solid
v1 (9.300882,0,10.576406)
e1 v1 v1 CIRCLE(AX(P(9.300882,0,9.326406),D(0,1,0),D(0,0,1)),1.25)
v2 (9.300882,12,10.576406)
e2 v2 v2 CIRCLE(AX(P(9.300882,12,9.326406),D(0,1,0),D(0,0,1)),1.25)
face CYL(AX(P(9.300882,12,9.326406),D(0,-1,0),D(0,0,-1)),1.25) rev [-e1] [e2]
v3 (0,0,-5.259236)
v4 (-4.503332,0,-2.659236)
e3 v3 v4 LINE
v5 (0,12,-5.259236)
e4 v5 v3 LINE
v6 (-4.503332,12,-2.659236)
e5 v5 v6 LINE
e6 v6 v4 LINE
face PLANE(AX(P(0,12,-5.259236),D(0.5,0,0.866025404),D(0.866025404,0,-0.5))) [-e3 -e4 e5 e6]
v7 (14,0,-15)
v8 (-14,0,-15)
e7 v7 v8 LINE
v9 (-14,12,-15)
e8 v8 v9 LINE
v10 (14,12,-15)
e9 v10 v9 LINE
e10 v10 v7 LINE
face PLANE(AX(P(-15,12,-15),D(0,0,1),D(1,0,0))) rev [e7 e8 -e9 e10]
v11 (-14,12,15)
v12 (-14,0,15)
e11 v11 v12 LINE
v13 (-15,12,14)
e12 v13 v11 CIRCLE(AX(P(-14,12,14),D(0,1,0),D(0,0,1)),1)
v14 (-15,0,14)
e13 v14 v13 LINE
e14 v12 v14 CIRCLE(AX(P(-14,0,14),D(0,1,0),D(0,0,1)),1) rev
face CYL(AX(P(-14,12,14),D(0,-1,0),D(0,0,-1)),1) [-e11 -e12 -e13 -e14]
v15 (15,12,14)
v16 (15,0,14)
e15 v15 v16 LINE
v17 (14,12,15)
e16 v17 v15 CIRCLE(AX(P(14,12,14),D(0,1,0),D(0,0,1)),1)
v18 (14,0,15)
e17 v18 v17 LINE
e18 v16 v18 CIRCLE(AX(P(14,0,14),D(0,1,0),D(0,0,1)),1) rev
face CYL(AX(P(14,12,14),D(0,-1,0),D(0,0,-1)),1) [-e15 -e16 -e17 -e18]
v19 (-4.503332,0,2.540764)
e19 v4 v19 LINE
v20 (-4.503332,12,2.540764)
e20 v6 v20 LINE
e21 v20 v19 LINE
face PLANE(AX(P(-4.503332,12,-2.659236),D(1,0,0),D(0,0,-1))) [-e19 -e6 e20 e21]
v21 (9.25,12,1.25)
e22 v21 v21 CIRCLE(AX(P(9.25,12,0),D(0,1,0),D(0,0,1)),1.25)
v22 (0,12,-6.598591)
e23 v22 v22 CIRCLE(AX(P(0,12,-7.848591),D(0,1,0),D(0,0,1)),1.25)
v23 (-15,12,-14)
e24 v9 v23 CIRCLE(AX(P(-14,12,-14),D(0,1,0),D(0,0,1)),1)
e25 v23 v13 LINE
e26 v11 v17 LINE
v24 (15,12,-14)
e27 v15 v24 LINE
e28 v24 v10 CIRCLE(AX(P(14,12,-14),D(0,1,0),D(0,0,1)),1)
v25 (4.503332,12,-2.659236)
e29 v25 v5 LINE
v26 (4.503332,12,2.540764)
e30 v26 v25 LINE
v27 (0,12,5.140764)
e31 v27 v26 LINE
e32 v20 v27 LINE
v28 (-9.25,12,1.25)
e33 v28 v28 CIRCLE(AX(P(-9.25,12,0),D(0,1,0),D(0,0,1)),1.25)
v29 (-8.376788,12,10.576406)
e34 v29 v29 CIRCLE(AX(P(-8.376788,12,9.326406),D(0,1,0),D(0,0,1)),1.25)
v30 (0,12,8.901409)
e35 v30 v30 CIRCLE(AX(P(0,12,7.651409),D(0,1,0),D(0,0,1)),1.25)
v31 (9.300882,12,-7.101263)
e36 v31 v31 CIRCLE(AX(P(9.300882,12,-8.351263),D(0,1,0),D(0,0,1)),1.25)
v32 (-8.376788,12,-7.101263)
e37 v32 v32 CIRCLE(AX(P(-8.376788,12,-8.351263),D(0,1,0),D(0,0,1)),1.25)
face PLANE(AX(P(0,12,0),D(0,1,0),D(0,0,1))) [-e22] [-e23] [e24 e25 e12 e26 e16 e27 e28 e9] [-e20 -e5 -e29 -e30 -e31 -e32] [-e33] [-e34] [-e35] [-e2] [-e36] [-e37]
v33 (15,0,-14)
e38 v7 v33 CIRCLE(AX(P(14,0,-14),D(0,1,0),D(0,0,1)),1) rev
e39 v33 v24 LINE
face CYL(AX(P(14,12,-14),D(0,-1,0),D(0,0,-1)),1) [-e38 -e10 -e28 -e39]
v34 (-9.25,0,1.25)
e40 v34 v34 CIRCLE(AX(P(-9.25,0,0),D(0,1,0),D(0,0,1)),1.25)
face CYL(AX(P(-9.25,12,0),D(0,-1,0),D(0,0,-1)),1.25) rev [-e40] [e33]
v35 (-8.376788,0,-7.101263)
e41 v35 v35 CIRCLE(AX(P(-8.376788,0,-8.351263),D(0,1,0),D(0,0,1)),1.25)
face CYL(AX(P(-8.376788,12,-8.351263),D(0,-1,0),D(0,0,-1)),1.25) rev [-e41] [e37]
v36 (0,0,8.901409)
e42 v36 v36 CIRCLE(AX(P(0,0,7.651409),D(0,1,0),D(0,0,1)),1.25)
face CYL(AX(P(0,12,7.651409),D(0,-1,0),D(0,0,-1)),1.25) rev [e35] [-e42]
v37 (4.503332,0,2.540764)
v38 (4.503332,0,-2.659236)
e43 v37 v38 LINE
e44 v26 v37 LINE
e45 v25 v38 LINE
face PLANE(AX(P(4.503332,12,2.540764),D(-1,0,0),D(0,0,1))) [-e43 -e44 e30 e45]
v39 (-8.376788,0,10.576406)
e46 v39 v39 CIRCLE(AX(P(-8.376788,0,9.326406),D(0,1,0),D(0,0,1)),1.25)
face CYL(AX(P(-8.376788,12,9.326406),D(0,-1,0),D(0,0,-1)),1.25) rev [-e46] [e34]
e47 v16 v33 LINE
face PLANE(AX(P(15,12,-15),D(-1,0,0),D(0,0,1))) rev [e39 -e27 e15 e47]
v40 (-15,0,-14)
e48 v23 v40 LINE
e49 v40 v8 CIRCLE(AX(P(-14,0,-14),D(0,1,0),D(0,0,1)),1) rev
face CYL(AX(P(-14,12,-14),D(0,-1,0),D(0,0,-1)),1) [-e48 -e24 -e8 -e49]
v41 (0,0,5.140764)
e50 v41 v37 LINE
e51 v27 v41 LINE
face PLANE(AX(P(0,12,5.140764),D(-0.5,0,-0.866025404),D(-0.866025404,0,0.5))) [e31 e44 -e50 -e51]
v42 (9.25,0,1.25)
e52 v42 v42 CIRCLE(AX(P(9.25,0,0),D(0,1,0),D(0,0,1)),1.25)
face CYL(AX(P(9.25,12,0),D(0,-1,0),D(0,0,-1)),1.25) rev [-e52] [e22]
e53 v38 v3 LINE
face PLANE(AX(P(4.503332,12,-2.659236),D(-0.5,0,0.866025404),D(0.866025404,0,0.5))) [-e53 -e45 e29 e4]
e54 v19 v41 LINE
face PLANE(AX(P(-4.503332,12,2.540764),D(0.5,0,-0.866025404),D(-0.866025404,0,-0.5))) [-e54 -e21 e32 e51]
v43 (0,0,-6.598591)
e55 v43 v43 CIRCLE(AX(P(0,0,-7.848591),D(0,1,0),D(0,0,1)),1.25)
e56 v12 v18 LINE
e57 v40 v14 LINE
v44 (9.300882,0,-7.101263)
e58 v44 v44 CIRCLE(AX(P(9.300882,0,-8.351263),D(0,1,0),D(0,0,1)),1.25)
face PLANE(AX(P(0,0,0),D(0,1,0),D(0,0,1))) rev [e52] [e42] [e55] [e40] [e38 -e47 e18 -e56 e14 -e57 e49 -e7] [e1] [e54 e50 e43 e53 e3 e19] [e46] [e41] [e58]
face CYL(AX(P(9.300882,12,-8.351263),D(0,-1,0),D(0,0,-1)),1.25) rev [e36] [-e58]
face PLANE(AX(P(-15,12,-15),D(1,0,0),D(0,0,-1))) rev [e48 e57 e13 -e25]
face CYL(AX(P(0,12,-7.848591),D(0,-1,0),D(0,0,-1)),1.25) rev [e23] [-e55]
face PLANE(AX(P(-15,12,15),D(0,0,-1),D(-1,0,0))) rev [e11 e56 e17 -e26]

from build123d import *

# Parameters (mm, degrees)
SKETCH1_W           = 30
SKETCH1_H           = 30
SKETCH1_R           = 1.25
BOSS_EXTRUDE2_DEPTH = 12
FILLET1_R           = 1


with BuildPart() as part:
    # Sketch1 → Boss-Extrude2 (new body)
    with BuildSketch(Plane(origin=(0, 0, 0), x_dir=(1, 0, 0), z_dir=(0, 1, 0))):
        Rectangle(SKETCH1_W, SKETCH1_H)
        with Locations((-9.25, 0)):
            Circle(SKETCH1_R, mode=Mode.SUBTRACT)
        with Locations((9.25, 0)):
            Circle(SKETCH1_R, mode=Mode.SUBTRACT)
        with Locations((0, 7.848591319)):
            Circle(SKETCH1_R, mode=Mode.SUBTRACT)
        with Locations((0, -7.651408681)):
            Circle(SKETCH1_R, mode=Mode.SUBTRACT)
        with Locations((9.300881955, 8.35126307)):
            Circle(SKETCH1_R, mode=Mode.SUBTRACT)
        with Locations((9.300881955, -9.32640646)):
            Circle(SKETCH1_R, mode=Mode.SUBTRACT)
        with Locations((-8.376787575, -9.32640646)):
            Circle(SKETCH1_R, mode=Mode.SUBTRACT)
        with Locations((-8.376787575, 8.35126307)):
            Circle(SKETCH1_R, mode=Mode.SUBTRACT)
        Polygon((4.5033321, -2.54076447), (4.5033321, 2.65923553), (0, 5.25923553), (-4.5033321, 2.65923553), (-4.5033321, -2.54076447), (0, -5.14076447), align=None, mode=Mode.SUBTRACT)
    extrude(amount=BOSS_EXTRUDE2_DEPTH)

    # Fillet1
    fillet1_edges = [part.edges().sort_by_distance(p)[0] for p in [
        (15, 6, 15),
        (-15, 6, 15),
        (-15, 6, -15),
        (15, 6, -15),
    ]]
    fillet(fillet1_edges, radius=FILLET1_R)


solid = part.part
